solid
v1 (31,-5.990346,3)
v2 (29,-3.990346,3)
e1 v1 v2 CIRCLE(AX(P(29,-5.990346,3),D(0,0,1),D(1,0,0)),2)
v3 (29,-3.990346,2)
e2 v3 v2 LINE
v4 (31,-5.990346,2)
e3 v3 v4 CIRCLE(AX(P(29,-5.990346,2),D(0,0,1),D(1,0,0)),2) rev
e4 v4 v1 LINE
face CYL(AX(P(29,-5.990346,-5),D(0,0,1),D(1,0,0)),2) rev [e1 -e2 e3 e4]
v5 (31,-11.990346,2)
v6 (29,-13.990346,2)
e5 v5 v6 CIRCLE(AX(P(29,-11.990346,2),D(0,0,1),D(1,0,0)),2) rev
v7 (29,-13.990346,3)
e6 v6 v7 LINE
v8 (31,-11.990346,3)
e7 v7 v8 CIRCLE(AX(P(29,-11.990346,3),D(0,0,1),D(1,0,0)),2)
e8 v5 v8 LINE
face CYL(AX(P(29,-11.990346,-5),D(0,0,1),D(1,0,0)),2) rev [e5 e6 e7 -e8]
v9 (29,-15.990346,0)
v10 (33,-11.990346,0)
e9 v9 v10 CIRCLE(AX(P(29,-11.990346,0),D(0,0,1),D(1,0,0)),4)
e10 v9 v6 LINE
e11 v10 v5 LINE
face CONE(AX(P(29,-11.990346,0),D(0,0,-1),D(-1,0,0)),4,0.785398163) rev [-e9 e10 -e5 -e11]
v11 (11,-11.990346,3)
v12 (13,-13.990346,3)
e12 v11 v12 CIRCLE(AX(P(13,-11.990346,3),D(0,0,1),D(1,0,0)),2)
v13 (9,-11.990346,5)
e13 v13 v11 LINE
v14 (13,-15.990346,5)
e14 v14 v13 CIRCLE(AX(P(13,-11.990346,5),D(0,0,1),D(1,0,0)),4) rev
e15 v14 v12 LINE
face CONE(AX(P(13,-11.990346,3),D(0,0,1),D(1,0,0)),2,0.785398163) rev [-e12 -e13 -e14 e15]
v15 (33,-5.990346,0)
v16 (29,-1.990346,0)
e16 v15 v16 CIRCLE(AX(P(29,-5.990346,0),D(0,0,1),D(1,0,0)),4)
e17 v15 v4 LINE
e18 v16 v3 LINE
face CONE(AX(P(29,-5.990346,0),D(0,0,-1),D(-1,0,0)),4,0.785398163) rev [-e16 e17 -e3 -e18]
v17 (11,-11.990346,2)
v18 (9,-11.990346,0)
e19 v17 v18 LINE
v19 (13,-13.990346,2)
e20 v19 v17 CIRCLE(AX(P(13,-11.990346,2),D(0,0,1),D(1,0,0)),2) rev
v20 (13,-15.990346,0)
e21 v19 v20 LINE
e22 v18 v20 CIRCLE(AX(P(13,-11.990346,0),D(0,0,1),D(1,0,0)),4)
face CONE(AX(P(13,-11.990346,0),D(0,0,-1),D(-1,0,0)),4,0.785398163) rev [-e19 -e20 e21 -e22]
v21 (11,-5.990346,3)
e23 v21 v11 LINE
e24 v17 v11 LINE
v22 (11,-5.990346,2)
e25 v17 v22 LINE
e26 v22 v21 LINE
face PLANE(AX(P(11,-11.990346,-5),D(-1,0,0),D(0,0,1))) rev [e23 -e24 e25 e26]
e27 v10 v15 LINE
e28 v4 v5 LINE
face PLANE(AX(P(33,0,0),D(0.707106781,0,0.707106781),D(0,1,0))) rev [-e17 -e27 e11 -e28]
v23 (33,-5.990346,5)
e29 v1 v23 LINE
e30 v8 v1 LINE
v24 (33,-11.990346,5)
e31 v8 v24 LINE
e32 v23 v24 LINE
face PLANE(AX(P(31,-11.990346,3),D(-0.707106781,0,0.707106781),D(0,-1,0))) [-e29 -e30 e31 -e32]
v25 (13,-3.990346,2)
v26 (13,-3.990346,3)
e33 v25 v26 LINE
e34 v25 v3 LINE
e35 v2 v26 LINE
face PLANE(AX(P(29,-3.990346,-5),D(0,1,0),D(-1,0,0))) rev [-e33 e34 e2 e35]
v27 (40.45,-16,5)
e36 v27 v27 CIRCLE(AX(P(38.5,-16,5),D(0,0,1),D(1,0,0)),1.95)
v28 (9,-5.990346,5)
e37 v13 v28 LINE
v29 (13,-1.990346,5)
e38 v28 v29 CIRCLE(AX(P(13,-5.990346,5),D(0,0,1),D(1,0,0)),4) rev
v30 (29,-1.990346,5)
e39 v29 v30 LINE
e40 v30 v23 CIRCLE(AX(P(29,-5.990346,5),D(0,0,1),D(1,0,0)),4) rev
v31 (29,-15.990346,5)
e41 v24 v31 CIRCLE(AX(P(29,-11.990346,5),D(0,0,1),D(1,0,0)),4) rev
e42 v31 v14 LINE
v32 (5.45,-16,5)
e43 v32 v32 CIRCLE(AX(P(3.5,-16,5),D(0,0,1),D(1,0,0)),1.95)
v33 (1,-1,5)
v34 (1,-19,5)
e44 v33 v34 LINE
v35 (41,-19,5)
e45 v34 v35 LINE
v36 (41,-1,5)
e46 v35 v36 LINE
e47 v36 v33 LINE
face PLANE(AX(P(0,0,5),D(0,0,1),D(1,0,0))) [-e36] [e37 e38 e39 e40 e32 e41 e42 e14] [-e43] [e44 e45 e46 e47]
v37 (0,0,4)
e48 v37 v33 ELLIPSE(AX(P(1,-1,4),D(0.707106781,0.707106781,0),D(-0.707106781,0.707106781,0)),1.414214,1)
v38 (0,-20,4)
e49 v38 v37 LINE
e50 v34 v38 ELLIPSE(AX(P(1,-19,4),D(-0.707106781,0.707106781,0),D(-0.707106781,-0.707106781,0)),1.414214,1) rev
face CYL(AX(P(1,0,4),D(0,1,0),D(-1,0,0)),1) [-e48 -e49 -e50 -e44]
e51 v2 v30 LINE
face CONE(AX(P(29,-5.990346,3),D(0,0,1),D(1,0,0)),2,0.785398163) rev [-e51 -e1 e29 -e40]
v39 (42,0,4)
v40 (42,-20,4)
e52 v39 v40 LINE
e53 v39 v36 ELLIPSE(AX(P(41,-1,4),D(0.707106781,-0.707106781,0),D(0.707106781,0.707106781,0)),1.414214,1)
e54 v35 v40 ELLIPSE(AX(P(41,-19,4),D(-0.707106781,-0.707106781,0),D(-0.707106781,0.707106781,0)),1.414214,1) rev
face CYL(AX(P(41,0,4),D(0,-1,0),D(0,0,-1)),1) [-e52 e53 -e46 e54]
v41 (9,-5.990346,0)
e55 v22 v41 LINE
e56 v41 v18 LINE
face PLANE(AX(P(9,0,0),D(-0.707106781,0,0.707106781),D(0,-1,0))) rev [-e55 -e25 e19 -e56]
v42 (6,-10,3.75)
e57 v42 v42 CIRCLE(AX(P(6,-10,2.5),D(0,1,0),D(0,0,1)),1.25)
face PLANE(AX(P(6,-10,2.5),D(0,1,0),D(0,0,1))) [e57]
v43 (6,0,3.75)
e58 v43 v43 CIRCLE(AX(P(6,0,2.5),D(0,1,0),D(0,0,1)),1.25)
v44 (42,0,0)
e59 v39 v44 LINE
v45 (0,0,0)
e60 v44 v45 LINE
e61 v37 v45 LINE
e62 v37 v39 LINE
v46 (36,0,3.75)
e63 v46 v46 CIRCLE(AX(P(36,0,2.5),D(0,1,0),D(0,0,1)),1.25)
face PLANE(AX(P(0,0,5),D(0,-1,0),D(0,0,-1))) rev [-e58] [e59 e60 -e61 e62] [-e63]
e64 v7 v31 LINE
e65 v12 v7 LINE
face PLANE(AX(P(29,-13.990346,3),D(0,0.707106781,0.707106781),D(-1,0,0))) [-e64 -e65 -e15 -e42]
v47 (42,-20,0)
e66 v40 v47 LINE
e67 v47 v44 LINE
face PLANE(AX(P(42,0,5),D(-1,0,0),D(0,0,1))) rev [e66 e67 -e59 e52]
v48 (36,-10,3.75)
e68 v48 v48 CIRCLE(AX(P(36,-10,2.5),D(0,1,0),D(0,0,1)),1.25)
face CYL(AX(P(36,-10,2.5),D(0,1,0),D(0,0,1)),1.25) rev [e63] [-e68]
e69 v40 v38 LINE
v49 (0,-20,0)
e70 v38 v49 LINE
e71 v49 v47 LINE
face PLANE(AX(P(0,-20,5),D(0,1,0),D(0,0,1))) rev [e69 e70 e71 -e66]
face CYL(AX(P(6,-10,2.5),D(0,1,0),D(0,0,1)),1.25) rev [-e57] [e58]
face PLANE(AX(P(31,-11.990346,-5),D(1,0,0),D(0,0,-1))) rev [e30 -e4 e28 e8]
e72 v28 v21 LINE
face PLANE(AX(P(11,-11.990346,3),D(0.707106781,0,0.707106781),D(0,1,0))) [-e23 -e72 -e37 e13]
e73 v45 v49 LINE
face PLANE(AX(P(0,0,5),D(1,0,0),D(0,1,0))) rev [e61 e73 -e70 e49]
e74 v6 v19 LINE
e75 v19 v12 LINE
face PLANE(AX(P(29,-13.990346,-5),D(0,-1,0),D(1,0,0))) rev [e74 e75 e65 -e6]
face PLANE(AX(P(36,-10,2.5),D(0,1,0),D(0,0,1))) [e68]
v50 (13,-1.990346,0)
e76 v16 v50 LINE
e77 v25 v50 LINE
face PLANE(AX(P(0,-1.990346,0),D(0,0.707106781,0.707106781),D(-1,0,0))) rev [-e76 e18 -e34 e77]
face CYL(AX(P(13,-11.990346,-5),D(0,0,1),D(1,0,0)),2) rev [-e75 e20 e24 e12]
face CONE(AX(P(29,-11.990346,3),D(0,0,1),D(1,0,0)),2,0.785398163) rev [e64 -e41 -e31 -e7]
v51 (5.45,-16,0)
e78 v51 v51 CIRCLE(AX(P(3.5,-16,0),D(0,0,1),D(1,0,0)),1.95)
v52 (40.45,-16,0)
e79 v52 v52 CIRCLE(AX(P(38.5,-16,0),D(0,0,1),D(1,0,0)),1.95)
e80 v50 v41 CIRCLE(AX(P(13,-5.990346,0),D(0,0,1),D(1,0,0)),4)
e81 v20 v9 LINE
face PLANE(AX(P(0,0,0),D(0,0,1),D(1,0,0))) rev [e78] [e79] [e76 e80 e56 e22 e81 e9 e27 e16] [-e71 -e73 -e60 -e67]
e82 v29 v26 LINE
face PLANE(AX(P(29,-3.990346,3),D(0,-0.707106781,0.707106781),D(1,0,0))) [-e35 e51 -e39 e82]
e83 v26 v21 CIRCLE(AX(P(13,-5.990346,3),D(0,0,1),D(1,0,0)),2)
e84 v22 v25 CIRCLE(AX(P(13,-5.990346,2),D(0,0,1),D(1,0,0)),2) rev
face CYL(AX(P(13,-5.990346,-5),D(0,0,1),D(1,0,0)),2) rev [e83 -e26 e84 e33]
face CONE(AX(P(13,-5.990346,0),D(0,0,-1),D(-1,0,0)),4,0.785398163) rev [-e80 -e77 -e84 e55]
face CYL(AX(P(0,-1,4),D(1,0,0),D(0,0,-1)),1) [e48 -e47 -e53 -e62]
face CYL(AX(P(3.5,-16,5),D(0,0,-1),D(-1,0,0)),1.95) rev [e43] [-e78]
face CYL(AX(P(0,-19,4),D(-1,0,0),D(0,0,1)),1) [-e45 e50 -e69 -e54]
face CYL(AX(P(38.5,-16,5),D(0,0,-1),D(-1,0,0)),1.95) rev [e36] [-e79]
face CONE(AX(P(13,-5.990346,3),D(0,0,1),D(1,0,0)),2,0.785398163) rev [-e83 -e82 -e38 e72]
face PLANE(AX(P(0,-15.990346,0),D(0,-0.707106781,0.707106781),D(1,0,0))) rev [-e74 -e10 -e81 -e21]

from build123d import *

# Parameters (mm, degrees)
SKETCH1_W           = 42
SKETCH1_H           = 20
SKETCH1_R           = 1.95
BOSS_EXTRUDE1_DEPTH = 5
SKETCH2_R           = 1.25
CUT_EXTRUDE1_DEPTH  = 10
CUT_EXTRUDE2_DEPTH  = 10
FILLET1_R           = 1
CHAMFER1_SIZE       = 2


with BuildPart() as part:
    # Sketch1 → Boss-Extrude1 (new body)
    with BuildSketch(Plane.XY):
        with Locations((21, -10)):
            Rectangle(SKETCH1_W, SKETCH1_H)
        with Locations((38.5, -16)):
            Circle(SKETCH1_R, mode=Mode.SUBTRACT)
        with Locations((3.5, -16)):
            Circle(SKETCH1_R, mode=Mode.SUBTRACT)
    extrude(amount=BOSS_EXTRUDE1_DEPTH)

    # Sketch2 → Cut-Extrude1 (cut)
    with BuildSketch(Plane(origin=(0, 0, 0), x_dir=(1, 0, 0), z_dir=(0, 1, 0))):
        with Locations((36, -2.5)):
            Circle(SKETCH2_R)
        with Locations((6, -2.5)):
            Circle(SKETCH2_R)
    extrude(amount=-CUT_EXTRUDE1_DEPTH, mode=Mode.SUBTRACT)

    # Sketch3 → Cut-Extrude2 (cut)
    with BuildSketch(Plane.XY.offset(5)):
        with BuildLine():
            Line((29, -13.990346174), (13, -13.990346174))
            ThreePointArc((13, -13.990346174), (11.585786438, -13.404559737), (11, -11.990346174))
            Line((11, -11.990346174), (11, -5.990346174))
            ThreePointArc((11, -5.990346174), (11.585786438, -4.576132612), (13, -3.990346174))
            Line((13, -3.990346174), (29, -3.990346174))
            ThreePointArc((29, -3.990346174), (30.414213562, -4.576132612), (31, -5.990346174))
            Line((31, -5.990346174), (31, -11.990346174))
            ThreePointArc((31, -11.990346174), (30.414213562, -13.404559737), (29, -13.990346174))
        make_face()
    extrude(amount=-CUT_EXTRUDE2_DEPTH, mode=Mode.SUBTRACT)

    # Fillet1
    fillet1_edges = [part.edges().sort_by_distance(p)[0] for p in [
        (42, -10, 5),
        (21, 0, 5),
        (0, -10, 5),
        (21, -20, 5),
    ]]
    fillet(fillet1_edges, radius=FILLET1_R)

    # Chamfer1
    chamfer1_edges = [part.edges().sort_by_distance(p)[0] for p in [
        (21, -13.990346174, 0),
        (30.414213562, -13.404559737, 0),
        (31, -8.990346174, 0),
        (30.414213562, -4.576132612, 0),
        (21, -3.990346174, 0),
        (11.585786438, -4.576132612, 0),
        (11, -8.990346174, 0),
        (11.585786438, -13.404559737, 0),
        (11.585786438, -13.404559737, 5),
        (21, -13.990346174, 5),
        (30.414213562, -13.404559737, 5),
        (31, -8.990346174, 5),
        (30.414213562, -4.576132612, 5),
        (21, -3.990346174, 5),
        (11.585786438, -4.576132612, 5),
        (11, -8.990346174, 5),
    ]]
    chamfer(chamfer1_edges, length=CHAMFER1_SIZE)


solid = part.part
